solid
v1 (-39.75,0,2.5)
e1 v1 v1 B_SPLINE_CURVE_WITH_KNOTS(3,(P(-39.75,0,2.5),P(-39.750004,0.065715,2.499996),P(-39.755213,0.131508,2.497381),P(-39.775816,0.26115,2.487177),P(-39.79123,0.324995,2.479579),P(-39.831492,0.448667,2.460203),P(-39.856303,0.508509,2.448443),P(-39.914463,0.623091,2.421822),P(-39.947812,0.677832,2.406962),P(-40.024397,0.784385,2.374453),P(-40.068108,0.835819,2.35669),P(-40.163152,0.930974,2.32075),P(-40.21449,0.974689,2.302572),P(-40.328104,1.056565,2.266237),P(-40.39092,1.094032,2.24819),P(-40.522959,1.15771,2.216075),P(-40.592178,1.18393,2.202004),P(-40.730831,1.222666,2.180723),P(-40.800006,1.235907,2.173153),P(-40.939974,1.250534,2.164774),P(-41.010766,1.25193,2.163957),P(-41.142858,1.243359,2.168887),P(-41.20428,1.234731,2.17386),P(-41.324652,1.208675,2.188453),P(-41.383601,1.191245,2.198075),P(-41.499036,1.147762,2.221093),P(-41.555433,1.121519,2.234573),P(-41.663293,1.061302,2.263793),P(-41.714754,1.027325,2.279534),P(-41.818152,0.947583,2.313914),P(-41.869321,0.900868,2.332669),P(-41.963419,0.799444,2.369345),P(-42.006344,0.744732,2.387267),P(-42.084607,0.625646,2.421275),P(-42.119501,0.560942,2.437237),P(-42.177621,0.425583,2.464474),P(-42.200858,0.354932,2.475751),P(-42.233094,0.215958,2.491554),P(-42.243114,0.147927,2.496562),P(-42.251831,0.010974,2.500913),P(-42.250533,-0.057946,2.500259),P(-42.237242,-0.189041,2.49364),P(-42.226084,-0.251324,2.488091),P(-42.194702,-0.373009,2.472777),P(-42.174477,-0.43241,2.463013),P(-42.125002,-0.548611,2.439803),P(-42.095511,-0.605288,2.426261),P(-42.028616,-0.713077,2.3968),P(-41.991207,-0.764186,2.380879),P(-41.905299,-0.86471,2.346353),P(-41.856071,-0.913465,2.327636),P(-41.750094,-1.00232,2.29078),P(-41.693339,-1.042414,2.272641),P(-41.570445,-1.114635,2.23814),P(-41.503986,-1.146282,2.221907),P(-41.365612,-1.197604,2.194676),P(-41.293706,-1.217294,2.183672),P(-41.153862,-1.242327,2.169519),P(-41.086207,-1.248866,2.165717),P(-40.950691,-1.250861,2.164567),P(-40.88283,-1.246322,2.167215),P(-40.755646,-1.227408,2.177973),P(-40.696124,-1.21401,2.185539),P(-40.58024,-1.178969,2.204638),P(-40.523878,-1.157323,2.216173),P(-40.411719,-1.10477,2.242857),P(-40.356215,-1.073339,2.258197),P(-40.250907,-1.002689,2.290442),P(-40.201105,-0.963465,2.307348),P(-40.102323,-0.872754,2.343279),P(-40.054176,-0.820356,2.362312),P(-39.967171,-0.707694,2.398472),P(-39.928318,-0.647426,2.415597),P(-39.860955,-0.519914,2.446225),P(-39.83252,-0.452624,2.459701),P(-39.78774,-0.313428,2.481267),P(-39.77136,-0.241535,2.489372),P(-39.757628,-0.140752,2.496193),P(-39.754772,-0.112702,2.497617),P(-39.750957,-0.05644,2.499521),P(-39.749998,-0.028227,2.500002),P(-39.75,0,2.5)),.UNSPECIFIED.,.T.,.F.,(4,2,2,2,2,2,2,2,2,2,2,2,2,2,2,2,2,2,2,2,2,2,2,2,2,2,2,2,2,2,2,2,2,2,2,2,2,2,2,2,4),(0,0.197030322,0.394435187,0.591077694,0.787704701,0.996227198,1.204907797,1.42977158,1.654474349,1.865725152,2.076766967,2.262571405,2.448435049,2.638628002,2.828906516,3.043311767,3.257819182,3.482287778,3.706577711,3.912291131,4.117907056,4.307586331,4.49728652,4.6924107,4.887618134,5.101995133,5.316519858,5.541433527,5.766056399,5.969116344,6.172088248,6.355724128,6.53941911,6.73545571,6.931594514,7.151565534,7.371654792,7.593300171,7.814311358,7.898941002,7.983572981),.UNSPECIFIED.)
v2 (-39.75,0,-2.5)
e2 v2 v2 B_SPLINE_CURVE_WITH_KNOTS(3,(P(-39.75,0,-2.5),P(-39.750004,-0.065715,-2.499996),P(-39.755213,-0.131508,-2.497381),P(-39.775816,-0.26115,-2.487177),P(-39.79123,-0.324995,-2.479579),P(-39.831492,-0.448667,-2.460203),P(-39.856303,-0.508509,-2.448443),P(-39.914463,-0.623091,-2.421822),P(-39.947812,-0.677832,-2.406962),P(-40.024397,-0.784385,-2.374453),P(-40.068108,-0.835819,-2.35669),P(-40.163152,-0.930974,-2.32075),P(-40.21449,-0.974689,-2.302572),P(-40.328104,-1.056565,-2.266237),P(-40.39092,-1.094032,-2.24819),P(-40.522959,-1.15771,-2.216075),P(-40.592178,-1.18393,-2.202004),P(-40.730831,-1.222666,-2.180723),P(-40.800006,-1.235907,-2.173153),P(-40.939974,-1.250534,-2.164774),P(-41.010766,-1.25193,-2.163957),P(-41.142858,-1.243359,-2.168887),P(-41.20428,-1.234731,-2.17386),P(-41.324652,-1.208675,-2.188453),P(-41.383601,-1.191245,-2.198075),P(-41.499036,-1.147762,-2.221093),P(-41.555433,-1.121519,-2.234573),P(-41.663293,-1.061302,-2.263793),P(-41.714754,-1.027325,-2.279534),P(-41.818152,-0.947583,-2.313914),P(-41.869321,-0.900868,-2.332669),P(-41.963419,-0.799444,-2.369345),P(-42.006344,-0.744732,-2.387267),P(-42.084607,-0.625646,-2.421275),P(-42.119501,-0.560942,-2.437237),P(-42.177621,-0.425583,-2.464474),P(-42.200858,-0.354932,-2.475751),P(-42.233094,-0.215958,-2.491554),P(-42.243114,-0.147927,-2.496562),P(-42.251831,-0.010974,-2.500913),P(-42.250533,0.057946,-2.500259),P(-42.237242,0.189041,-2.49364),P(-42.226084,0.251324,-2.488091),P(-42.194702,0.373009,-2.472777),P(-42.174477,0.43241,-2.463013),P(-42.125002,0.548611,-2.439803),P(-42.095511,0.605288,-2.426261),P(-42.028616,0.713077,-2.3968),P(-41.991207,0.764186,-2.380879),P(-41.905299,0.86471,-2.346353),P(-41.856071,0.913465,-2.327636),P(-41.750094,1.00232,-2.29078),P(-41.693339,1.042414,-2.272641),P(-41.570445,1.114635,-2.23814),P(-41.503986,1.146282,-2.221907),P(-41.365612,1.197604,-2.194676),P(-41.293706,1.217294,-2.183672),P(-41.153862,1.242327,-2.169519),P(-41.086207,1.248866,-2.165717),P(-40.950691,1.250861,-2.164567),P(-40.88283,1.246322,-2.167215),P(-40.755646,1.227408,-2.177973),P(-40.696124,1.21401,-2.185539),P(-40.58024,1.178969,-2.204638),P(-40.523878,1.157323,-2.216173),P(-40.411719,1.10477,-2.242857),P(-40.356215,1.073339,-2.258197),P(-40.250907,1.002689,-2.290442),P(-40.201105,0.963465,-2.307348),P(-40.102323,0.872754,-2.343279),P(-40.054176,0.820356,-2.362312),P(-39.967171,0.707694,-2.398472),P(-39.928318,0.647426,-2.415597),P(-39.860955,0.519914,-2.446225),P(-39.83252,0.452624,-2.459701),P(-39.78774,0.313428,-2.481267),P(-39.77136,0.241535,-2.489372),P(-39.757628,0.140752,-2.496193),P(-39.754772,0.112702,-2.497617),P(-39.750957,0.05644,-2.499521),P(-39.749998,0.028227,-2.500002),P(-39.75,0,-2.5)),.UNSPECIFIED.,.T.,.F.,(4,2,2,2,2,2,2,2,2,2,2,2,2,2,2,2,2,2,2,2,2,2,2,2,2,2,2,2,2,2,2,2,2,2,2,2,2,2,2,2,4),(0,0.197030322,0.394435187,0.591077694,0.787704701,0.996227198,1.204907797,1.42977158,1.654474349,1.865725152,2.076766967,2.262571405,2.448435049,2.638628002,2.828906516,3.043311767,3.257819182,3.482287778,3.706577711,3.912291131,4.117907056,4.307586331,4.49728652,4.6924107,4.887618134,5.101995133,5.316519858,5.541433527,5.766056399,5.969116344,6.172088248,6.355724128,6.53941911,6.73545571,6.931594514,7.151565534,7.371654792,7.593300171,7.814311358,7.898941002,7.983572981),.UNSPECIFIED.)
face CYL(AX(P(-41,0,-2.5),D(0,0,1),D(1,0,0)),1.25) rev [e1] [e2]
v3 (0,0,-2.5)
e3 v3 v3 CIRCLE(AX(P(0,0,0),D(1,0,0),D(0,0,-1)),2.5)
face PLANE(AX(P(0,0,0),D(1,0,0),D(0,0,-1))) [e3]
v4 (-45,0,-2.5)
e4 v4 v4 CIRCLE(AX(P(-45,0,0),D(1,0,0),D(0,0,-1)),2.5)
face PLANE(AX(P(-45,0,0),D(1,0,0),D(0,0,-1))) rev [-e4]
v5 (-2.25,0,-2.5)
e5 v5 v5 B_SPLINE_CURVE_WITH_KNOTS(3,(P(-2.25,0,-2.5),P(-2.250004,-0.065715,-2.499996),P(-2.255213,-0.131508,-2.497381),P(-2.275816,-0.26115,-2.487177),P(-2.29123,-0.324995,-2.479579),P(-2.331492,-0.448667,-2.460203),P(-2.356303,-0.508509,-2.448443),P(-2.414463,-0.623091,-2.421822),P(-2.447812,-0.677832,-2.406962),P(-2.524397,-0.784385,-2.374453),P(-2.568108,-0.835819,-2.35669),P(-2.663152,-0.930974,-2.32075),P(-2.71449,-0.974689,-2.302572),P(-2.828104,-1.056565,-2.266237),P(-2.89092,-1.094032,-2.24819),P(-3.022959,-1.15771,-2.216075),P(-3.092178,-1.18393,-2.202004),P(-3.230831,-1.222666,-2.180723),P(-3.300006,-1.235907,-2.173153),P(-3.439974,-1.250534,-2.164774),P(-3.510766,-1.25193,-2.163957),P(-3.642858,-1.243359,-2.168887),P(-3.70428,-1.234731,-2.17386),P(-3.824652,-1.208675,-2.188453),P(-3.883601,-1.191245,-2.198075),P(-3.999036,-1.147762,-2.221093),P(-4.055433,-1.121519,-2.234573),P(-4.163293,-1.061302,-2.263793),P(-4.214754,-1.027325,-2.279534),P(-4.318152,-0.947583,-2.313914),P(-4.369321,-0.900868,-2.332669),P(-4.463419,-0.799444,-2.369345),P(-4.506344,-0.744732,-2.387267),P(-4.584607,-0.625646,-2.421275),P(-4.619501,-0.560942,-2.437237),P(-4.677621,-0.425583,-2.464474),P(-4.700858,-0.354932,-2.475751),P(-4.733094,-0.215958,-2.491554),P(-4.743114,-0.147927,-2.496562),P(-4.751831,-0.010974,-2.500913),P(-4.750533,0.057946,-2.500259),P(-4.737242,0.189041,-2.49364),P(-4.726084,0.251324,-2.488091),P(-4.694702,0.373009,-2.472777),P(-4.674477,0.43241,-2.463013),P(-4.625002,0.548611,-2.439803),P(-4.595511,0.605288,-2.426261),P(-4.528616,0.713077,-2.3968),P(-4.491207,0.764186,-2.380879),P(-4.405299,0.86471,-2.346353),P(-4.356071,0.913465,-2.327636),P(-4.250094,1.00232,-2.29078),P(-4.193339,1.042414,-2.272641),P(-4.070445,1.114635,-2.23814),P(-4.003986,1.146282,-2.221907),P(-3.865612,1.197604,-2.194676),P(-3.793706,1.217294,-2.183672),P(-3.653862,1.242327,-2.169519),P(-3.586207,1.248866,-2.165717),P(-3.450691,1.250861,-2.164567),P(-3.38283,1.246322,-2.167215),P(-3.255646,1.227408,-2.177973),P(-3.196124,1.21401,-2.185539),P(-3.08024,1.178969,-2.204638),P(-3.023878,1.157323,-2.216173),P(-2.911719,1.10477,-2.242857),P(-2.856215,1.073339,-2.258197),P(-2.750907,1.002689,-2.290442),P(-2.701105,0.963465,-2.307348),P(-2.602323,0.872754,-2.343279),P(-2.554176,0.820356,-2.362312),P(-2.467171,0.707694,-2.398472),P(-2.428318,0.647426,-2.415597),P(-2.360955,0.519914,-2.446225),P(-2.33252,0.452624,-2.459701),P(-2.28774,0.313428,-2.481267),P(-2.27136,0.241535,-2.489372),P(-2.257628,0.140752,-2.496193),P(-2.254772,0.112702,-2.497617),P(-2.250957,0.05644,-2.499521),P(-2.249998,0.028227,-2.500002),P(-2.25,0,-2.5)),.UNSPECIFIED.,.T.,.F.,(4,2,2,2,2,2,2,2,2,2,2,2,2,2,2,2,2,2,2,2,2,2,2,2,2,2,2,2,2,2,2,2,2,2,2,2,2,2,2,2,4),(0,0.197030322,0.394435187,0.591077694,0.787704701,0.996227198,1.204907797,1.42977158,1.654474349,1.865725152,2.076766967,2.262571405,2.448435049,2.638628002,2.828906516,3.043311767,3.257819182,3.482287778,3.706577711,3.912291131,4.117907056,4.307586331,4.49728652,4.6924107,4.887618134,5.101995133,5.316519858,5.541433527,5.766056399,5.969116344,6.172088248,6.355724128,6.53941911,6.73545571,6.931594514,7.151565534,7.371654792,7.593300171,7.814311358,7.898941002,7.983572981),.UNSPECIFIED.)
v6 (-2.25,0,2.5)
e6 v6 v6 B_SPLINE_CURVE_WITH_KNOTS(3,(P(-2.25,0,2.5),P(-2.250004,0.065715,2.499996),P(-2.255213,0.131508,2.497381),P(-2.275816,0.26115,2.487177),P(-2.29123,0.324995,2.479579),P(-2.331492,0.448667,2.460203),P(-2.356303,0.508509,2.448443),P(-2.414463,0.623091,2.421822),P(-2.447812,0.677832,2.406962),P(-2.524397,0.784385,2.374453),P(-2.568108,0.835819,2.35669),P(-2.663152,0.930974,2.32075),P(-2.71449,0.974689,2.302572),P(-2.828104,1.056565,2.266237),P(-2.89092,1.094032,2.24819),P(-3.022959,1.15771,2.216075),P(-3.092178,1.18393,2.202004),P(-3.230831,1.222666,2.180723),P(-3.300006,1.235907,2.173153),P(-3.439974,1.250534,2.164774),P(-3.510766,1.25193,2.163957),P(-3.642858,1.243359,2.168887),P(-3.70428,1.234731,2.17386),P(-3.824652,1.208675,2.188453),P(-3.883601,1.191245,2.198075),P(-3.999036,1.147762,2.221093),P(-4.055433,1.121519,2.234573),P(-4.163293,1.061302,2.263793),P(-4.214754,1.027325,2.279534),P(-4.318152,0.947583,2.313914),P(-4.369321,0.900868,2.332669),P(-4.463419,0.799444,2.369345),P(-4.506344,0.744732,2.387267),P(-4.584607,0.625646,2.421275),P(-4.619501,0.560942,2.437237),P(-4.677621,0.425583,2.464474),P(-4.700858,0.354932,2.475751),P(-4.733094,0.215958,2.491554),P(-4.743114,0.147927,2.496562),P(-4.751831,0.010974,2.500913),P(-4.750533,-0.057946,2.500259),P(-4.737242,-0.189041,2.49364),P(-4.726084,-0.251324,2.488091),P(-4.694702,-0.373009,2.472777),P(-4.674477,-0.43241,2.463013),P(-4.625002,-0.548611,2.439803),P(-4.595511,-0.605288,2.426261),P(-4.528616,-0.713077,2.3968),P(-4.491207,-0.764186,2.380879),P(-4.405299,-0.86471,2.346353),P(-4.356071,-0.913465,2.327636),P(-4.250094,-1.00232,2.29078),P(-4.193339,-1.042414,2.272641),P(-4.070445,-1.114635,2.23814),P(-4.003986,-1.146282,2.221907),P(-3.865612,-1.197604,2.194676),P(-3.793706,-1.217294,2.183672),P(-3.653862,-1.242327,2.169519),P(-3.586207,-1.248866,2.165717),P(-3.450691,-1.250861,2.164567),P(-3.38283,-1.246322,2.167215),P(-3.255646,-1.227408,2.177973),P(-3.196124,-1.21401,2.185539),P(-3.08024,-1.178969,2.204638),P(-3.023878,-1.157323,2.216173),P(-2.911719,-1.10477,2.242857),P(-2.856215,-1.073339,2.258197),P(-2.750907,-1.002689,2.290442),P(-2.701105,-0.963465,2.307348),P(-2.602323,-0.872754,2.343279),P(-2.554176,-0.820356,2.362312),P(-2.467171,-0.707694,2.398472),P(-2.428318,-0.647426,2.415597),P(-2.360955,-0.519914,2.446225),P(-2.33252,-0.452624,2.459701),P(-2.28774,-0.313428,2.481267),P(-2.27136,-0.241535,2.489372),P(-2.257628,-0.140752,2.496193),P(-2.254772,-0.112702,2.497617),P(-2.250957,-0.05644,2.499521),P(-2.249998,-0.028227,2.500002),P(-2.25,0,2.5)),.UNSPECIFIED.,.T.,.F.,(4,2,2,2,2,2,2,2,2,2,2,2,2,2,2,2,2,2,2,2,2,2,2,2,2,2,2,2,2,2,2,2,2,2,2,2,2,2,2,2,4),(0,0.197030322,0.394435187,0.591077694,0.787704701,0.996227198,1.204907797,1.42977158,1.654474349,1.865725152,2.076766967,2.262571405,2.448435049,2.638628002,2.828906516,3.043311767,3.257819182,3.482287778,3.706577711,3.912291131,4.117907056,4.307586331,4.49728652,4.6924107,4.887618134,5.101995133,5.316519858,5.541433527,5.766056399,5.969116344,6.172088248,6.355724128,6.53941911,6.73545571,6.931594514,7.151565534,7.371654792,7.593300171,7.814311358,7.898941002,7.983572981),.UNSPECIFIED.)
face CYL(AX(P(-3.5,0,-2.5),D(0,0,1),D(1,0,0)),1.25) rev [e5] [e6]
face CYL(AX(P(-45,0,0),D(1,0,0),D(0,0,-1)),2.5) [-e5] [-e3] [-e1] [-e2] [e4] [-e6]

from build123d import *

# Parameters (mm, degrees)
SKETCH1_R               = 2.5
BOSS_EXTRUDE1_DEPTH     = 45
CUT_EXTRUDE1_DEPTH      = 46.138675213
CUT_EXTRUDE1_DEPTH_BACK = 46.138675213
SKETCH3_R               = 1.25


with BuildPart() as part:
    # Sketch1 → Boss-Extrude1 (new body)
    with BuildSketch(Plane(origin=(0, 0, 0), x_dir=(0, 0, -1), z_dir=(1, 0, 0))):
        Circle(SKETCH1_R)
    extrude(amount=-BOSS_EXTRUDE1_DEPTH)

    # Sketch3 → Cut-Extrude1 (cut, two sides: drawn at the far end of the back side and taken through both)
    with BuildSketch(Plane.XY.offset(-CUT_EXTRUDE1_DEPTH_BACK)):
        with Locations((-41, 0)):
            Circle(SKETCH3_R)
        with Locations((-3.5, 0)):
            Circle(SKETCH3_R)
    extrude(amount=CUT_EXTRUDE1_DEPTH + CUT_EXTRUDE1_DEPTH_BACK, mode=Mode.SUBTRACT)


solid = part.part
